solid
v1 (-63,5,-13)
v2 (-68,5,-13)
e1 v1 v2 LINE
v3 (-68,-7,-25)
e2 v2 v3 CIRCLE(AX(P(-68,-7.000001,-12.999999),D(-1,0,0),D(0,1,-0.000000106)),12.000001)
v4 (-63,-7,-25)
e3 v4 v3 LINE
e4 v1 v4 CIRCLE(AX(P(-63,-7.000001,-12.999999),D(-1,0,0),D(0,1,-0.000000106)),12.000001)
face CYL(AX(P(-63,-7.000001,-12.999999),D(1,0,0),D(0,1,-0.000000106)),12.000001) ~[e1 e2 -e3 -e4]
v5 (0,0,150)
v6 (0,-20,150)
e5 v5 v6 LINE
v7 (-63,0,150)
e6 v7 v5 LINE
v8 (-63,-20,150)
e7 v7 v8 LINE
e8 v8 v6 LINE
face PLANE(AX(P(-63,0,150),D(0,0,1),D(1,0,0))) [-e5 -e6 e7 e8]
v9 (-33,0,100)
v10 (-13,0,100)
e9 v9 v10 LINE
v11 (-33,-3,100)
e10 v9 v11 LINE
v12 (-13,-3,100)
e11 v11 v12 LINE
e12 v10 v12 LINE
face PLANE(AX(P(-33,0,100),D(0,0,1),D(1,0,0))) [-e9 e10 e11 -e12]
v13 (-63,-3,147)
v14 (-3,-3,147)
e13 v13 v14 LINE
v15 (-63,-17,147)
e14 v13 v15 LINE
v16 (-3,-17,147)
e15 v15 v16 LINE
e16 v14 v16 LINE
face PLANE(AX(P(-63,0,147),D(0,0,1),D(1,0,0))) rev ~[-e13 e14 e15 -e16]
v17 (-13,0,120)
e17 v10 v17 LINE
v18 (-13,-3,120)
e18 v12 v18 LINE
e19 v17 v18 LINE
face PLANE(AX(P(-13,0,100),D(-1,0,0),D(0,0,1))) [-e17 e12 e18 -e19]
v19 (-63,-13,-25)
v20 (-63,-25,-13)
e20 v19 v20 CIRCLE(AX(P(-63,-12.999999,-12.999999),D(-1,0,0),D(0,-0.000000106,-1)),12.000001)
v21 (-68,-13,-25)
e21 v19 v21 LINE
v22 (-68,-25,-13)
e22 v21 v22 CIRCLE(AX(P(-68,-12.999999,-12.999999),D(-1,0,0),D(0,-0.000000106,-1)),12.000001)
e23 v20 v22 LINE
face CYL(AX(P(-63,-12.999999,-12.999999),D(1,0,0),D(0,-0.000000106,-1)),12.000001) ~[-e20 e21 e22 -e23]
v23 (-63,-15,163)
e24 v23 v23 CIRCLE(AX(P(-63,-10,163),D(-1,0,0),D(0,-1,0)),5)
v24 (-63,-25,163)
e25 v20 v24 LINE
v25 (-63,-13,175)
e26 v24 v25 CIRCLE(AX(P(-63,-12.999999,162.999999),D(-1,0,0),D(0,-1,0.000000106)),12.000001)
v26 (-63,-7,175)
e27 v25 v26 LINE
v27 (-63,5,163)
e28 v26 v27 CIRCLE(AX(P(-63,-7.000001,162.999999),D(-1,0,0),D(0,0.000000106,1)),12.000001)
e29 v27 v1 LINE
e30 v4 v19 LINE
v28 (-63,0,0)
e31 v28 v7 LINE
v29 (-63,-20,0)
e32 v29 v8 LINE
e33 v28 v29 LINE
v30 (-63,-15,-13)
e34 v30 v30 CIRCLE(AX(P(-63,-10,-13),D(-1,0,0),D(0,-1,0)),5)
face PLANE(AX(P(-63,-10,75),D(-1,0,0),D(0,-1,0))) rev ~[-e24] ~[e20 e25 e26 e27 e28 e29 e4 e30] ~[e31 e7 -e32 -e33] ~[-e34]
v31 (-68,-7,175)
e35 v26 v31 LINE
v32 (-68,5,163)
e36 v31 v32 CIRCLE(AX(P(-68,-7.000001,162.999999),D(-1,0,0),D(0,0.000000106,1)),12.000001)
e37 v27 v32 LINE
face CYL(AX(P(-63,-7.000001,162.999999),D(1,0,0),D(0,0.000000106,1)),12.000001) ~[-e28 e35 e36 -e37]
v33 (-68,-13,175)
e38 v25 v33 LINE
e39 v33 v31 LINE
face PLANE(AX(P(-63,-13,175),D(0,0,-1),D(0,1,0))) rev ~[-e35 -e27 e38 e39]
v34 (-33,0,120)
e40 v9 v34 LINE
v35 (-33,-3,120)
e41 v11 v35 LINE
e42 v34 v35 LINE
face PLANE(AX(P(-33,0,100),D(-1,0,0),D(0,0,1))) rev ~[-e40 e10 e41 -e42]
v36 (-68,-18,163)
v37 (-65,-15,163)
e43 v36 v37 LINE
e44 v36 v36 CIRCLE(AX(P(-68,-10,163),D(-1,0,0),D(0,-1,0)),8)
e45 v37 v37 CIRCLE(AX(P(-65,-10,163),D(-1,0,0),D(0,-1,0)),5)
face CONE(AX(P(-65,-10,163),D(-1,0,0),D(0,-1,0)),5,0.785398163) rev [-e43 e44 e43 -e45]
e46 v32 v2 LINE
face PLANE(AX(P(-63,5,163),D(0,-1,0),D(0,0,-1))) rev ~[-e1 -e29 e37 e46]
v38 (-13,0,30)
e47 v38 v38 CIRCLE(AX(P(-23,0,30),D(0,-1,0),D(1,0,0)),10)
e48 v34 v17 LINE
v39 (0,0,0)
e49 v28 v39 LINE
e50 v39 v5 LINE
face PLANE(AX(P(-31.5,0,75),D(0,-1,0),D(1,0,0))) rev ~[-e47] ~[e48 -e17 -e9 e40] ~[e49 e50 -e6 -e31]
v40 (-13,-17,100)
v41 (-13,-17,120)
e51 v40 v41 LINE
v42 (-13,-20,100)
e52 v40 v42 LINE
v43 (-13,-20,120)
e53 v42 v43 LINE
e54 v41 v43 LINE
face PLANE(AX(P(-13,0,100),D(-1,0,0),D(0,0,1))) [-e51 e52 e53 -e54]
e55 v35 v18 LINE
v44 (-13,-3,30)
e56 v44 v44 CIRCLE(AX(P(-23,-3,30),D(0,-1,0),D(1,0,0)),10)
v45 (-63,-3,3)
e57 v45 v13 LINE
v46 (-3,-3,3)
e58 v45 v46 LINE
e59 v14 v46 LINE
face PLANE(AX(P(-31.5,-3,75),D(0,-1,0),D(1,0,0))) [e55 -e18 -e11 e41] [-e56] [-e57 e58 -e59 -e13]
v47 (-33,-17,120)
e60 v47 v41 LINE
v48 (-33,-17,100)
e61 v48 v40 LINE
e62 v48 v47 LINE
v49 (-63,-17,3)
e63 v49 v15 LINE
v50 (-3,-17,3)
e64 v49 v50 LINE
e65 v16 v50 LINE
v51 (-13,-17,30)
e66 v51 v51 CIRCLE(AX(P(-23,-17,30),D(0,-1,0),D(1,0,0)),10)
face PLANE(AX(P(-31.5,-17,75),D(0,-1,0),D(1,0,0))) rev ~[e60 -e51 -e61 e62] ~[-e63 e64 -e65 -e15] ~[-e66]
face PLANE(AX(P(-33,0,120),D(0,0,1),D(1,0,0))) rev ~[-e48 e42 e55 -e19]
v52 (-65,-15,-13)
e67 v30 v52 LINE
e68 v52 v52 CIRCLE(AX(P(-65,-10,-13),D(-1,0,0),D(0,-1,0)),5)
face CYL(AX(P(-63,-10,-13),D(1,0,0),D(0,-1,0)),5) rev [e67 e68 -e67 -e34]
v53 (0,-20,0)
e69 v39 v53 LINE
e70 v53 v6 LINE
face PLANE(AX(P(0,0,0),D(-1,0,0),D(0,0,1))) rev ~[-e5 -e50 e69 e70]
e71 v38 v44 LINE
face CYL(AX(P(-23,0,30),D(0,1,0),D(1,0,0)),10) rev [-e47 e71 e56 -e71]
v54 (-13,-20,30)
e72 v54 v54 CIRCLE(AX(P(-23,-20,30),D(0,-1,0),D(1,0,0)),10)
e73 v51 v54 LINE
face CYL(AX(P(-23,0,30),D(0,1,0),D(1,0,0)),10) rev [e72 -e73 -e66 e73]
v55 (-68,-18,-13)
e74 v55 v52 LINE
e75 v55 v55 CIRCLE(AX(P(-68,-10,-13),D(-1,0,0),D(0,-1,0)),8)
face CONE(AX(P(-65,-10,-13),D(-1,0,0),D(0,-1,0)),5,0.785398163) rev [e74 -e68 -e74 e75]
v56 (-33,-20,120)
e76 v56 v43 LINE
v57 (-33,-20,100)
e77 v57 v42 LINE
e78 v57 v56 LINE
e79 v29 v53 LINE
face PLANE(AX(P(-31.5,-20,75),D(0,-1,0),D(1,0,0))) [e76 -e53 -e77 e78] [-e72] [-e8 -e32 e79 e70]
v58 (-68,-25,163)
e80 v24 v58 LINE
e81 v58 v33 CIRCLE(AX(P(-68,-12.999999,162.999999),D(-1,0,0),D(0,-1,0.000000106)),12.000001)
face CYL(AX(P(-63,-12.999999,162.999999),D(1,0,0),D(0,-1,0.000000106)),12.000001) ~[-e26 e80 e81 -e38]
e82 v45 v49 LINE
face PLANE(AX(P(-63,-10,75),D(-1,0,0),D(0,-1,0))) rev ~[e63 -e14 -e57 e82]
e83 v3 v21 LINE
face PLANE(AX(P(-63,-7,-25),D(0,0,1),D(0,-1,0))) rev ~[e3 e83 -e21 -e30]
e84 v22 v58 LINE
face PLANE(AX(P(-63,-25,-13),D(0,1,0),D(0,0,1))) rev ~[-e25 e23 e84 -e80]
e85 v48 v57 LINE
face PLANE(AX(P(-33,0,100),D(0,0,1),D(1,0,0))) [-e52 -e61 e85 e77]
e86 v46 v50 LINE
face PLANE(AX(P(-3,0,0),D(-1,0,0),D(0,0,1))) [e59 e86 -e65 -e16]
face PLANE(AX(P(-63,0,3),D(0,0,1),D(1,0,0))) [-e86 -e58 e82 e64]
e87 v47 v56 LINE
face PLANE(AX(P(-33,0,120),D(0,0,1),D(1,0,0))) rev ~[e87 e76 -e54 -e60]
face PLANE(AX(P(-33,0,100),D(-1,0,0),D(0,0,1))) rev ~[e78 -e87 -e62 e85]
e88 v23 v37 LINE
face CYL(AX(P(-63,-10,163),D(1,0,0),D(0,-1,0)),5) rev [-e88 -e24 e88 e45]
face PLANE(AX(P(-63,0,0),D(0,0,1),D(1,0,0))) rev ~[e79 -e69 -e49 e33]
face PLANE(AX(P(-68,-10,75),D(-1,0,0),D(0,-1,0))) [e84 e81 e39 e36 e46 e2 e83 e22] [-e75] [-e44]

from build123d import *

# Parameters (mm, degrees)
F0_W     = 63
F0_H     = 150
F0_R     = 10
F0_W_2   = 20
F0_H_2   = 20
F1_DEPTH = 20
F2_T     = -3
F3_R     = 5
F4_DEPTH = 5
F5_SIZE  = 3


with BuildPart() as f1:
    # F0 (on Front) → F1 (new body)
    with BuildSketch(Plane.XZ):
        with Locations((-31.5, 75)):
            Rectangle(F0_W, F0_H)
        with Locations((-23, 30)):
            Circle(F0_R, mode=Mode.SUBTRACT)
        with Locations((-23, 110)):
            Rectangle(F0_W_2, F0_H_2, mode=Mode.SUBTRACT)
    extrude(amount=F1_DEPTH)

    # F2
    f2_openings = [f1.faces().sort_by_distance(p)[0] for p in [
        (-63, -10, 75),
        (-13, -10, 110),
        (-23, -10, 100),
        (-33, -10, 110),
        (-23, -10, 120),
        (-33, -10, 30),
    ]]
    offset(amount=F2_T, openings=f2_openings)

    # F3 (on face) → F4 (join)
    with BuildSketch(Plane(origin=(-63, 0, 0), x_dir=(0, -1, 0), z_dir=(-1, 0, 0))):
        with BuildLine():
            ThreePointArc((25, 163), (21.485281, 171.485281), (13, 175))
            Line((13, 175), (7, 175))
            ThreePointArc((7, 175), (-1.485281, 171.485281), (-5, 163))
            Line((-5, 163), (-5, -13))
            ThreePointArc((-5, -13), (-1.485281, -21.485281), (7, -25))
            Line((7, -25), (13, -25))
            ThreePointArc((13, -25), (21.485281, -21.485281), (25, -13))
            Line((25, -13), (25, 163))
        make_face()
        with Locations((10, -13)):
            Circle(F3_R, mode=Mode.SUBTRACT)
        with Locations((10, 163)):
            Circle(F3_R, mode=Mode.SUBTRACT)
    extrude(amount=F4_DEPTH)

    # F5
    f5_edges = [f1.edges().sort_by_distance(p)[0] for p in [
        (-68, -5, 163),
        (-68, -5, -13),
    ]]
    chamfer(f5_edges, length=F5_SIZE)


solid = f1.part
